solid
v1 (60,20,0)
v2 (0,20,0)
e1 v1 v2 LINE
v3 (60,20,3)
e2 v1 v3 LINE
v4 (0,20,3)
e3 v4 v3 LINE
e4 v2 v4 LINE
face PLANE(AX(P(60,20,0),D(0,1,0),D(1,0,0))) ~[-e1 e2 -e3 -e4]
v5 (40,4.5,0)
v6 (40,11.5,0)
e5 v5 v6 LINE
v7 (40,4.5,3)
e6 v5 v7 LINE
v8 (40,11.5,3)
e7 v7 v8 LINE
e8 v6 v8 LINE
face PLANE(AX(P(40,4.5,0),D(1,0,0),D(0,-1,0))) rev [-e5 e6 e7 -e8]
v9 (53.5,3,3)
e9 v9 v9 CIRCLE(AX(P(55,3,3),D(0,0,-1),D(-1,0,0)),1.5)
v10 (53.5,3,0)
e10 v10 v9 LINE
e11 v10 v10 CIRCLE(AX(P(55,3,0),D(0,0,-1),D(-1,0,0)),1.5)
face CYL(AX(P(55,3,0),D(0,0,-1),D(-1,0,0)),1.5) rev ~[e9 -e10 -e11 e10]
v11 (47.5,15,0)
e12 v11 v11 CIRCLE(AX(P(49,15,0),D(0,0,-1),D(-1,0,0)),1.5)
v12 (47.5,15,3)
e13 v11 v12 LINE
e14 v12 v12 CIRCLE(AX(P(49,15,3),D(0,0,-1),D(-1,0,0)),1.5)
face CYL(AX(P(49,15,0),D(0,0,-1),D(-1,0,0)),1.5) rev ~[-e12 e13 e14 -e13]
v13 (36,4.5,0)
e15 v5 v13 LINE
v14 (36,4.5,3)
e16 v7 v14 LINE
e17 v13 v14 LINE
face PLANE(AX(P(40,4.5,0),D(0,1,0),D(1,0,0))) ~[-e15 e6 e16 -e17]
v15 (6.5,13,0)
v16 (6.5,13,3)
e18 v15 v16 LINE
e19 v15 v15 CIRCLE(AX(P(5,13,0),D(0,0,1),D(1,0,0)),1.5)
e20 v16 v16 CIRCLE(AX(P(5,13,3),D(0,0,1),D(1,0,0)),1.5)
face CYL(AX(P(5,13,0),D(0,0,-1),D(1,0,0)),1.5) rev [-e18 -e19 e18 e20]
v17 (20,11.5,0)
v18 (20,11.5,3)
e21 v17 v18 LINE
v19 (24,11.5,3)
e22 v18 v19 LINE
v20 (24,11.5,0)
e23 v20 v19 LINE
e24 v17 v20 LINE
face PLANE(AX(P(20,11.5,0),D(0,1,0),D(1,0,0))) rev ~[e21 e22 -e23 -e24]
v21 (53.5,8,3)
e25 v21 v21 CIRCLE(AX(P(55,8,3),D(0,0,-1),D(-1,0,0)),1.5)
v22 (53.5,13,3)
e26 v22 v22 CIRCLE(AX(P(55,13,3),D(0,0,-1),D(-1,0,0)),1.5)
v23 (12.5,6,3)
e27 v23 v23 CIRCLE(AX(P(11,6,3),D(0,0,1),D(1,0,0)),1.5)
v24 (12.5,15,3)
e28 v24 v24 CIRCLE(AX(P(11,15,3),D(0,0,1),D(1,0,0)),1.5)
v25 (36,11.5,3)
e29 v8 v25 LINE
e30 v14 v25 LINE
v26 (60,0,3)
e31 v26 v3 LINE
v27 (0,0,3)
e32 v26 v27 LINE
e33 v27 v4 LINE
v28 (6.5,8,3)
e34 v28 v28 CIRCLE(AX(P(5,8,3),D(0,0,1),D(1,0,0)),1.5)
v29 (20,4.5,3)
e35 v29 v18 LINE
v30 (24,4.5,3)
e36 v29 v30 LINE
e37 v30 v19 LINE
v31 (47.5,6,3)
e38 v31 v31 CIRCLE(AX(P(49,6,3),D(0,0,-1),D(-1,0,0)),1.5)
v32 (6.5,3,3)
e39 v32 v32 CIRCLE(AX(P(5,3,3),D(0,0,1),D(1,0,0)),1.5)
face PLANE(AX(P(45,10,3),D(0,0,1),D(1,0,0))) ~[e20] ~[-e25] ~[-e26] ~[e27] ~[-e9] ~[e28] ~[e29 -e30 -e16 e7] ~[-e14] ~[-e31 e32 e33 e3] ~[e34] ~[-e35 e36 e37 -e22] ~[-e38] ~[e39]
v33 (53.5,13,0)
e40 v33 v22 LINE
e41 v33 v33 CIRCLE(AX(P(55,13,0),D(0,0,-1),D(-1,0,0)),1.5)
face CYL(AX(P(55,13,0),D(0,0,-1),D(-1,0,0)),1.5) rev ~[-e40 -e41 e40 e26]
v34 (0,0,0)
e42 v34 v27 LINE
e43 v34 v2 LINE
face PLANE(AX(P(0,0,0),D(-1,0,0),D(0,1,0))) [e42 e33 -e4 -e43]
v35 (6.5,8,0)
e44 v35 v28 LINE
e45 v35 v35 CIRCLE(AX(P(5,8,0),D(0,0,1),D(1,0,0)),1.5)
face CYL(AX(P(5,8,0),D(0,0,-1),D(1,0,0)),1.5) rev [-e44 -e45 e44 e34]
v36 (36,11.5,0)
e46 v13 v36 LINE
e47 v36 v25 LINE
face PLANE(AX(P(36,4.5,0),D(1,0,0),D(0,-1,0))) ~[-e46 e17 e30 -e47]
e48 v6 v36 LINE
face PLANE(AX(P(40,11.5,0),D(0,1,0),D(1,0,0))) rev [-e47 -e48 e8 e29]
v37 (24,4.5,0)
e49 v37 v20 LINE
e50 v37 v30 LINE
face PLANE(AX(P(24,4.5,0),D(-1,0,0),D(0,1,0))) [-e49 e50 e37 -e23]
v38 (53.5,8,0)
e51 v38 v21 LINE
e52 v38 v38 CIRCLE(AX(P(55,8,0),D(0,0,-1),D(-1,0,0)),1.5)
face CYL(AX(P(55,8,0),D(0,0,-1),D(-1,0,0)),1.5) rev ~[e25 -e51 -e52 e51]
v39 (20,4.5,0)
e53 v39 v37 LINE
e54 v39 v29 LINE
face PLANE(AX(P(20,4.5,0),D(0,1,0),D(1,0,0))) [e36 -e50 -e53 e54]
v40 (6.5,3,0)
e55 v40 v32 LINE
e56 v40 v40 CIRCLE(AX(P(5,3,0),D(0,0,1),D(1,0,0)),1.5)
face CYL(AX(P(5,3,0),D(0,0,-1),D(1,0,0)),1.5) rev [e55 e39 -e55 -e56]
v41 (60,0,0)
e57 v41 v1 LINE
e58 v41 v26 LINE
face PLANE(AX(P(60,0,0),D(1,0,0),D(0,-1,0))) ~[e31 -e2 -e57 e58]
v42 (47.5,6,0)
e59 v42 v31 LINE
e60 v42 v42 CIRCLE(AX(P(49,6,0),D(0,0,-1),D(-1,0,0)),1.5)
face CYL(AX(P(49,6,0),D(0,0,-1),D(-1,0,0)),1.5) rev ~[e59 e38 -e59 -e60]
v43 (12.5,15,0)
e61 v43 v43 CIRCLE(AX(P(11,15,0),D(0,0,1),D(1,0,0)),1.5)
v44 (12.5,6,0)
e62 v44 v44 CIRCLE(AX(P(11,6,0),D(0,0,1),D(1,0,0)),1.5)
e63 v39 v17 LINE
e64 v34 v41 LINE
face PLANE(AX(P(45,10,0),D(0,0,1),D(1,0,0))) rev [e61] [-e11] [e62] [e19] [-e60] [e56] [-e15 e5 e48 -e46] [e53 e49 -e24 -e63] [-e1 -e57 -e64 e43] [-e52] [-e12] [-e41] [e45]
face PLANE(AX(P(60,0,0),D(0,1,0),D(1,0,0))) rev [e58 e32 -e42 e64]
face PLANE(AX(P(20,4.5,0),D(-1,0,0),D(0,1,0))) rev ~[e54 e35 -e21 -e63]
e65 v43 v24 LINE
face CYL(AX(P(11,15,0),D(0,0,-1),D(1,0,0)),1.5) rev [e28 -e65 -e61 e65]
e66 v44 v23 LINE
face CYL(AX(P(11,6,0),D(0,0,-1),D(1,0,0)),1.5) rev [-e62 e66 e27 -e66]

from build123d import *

# Parameters (mm, degrees)
SKETCH_W   = 30
SKETCH_H   = 20
SKETCH_R   = 1.5
SKETCH_W_2 = 4
SKETCH_H_2 = 7
PAD_DEPTH  = 3


with BuildPart() as part:
    # Sketch → Pad (new body)
    with BuildSketch(Plane.XY):
        with Locations((15, 10)):
            Rectangle(SKETCH_W, SKETCH_H)
        with Locations((5, 8)):
            Circle(SKETCH_R, mode=Mode.SUBTRACT)
        with Locations((11, 15)):
            Circle(SKETCH_R, mode=Mode.SUBTRACT)
        with Locations((11, 6)):
            Circle(SKETCH_R, mode=Mode.SUBTRACT)
        with Locations((5, 13)):
            Circle(SKETCH_R, mode=Mode.SUBTRACT)
        with Locations((5, 3)):
            Circle(SKETCH_R, mode=Mode.SUBTRACT)
        with Locations((22, 8)):
            Rectangle(SKETCH_W_2, SKETCH_H_2, mode=Mode.SUBTRACT)
    pad = extrude(amount=PAD_DEPTH)

    # Mirrored: Pad across face of Pad
    add(pad.mirror(Plane(origin=(30, 10, 1.5), x_dir=(0, 1, 0), z_dir=(1, 0, 0))))


solid = part.part
